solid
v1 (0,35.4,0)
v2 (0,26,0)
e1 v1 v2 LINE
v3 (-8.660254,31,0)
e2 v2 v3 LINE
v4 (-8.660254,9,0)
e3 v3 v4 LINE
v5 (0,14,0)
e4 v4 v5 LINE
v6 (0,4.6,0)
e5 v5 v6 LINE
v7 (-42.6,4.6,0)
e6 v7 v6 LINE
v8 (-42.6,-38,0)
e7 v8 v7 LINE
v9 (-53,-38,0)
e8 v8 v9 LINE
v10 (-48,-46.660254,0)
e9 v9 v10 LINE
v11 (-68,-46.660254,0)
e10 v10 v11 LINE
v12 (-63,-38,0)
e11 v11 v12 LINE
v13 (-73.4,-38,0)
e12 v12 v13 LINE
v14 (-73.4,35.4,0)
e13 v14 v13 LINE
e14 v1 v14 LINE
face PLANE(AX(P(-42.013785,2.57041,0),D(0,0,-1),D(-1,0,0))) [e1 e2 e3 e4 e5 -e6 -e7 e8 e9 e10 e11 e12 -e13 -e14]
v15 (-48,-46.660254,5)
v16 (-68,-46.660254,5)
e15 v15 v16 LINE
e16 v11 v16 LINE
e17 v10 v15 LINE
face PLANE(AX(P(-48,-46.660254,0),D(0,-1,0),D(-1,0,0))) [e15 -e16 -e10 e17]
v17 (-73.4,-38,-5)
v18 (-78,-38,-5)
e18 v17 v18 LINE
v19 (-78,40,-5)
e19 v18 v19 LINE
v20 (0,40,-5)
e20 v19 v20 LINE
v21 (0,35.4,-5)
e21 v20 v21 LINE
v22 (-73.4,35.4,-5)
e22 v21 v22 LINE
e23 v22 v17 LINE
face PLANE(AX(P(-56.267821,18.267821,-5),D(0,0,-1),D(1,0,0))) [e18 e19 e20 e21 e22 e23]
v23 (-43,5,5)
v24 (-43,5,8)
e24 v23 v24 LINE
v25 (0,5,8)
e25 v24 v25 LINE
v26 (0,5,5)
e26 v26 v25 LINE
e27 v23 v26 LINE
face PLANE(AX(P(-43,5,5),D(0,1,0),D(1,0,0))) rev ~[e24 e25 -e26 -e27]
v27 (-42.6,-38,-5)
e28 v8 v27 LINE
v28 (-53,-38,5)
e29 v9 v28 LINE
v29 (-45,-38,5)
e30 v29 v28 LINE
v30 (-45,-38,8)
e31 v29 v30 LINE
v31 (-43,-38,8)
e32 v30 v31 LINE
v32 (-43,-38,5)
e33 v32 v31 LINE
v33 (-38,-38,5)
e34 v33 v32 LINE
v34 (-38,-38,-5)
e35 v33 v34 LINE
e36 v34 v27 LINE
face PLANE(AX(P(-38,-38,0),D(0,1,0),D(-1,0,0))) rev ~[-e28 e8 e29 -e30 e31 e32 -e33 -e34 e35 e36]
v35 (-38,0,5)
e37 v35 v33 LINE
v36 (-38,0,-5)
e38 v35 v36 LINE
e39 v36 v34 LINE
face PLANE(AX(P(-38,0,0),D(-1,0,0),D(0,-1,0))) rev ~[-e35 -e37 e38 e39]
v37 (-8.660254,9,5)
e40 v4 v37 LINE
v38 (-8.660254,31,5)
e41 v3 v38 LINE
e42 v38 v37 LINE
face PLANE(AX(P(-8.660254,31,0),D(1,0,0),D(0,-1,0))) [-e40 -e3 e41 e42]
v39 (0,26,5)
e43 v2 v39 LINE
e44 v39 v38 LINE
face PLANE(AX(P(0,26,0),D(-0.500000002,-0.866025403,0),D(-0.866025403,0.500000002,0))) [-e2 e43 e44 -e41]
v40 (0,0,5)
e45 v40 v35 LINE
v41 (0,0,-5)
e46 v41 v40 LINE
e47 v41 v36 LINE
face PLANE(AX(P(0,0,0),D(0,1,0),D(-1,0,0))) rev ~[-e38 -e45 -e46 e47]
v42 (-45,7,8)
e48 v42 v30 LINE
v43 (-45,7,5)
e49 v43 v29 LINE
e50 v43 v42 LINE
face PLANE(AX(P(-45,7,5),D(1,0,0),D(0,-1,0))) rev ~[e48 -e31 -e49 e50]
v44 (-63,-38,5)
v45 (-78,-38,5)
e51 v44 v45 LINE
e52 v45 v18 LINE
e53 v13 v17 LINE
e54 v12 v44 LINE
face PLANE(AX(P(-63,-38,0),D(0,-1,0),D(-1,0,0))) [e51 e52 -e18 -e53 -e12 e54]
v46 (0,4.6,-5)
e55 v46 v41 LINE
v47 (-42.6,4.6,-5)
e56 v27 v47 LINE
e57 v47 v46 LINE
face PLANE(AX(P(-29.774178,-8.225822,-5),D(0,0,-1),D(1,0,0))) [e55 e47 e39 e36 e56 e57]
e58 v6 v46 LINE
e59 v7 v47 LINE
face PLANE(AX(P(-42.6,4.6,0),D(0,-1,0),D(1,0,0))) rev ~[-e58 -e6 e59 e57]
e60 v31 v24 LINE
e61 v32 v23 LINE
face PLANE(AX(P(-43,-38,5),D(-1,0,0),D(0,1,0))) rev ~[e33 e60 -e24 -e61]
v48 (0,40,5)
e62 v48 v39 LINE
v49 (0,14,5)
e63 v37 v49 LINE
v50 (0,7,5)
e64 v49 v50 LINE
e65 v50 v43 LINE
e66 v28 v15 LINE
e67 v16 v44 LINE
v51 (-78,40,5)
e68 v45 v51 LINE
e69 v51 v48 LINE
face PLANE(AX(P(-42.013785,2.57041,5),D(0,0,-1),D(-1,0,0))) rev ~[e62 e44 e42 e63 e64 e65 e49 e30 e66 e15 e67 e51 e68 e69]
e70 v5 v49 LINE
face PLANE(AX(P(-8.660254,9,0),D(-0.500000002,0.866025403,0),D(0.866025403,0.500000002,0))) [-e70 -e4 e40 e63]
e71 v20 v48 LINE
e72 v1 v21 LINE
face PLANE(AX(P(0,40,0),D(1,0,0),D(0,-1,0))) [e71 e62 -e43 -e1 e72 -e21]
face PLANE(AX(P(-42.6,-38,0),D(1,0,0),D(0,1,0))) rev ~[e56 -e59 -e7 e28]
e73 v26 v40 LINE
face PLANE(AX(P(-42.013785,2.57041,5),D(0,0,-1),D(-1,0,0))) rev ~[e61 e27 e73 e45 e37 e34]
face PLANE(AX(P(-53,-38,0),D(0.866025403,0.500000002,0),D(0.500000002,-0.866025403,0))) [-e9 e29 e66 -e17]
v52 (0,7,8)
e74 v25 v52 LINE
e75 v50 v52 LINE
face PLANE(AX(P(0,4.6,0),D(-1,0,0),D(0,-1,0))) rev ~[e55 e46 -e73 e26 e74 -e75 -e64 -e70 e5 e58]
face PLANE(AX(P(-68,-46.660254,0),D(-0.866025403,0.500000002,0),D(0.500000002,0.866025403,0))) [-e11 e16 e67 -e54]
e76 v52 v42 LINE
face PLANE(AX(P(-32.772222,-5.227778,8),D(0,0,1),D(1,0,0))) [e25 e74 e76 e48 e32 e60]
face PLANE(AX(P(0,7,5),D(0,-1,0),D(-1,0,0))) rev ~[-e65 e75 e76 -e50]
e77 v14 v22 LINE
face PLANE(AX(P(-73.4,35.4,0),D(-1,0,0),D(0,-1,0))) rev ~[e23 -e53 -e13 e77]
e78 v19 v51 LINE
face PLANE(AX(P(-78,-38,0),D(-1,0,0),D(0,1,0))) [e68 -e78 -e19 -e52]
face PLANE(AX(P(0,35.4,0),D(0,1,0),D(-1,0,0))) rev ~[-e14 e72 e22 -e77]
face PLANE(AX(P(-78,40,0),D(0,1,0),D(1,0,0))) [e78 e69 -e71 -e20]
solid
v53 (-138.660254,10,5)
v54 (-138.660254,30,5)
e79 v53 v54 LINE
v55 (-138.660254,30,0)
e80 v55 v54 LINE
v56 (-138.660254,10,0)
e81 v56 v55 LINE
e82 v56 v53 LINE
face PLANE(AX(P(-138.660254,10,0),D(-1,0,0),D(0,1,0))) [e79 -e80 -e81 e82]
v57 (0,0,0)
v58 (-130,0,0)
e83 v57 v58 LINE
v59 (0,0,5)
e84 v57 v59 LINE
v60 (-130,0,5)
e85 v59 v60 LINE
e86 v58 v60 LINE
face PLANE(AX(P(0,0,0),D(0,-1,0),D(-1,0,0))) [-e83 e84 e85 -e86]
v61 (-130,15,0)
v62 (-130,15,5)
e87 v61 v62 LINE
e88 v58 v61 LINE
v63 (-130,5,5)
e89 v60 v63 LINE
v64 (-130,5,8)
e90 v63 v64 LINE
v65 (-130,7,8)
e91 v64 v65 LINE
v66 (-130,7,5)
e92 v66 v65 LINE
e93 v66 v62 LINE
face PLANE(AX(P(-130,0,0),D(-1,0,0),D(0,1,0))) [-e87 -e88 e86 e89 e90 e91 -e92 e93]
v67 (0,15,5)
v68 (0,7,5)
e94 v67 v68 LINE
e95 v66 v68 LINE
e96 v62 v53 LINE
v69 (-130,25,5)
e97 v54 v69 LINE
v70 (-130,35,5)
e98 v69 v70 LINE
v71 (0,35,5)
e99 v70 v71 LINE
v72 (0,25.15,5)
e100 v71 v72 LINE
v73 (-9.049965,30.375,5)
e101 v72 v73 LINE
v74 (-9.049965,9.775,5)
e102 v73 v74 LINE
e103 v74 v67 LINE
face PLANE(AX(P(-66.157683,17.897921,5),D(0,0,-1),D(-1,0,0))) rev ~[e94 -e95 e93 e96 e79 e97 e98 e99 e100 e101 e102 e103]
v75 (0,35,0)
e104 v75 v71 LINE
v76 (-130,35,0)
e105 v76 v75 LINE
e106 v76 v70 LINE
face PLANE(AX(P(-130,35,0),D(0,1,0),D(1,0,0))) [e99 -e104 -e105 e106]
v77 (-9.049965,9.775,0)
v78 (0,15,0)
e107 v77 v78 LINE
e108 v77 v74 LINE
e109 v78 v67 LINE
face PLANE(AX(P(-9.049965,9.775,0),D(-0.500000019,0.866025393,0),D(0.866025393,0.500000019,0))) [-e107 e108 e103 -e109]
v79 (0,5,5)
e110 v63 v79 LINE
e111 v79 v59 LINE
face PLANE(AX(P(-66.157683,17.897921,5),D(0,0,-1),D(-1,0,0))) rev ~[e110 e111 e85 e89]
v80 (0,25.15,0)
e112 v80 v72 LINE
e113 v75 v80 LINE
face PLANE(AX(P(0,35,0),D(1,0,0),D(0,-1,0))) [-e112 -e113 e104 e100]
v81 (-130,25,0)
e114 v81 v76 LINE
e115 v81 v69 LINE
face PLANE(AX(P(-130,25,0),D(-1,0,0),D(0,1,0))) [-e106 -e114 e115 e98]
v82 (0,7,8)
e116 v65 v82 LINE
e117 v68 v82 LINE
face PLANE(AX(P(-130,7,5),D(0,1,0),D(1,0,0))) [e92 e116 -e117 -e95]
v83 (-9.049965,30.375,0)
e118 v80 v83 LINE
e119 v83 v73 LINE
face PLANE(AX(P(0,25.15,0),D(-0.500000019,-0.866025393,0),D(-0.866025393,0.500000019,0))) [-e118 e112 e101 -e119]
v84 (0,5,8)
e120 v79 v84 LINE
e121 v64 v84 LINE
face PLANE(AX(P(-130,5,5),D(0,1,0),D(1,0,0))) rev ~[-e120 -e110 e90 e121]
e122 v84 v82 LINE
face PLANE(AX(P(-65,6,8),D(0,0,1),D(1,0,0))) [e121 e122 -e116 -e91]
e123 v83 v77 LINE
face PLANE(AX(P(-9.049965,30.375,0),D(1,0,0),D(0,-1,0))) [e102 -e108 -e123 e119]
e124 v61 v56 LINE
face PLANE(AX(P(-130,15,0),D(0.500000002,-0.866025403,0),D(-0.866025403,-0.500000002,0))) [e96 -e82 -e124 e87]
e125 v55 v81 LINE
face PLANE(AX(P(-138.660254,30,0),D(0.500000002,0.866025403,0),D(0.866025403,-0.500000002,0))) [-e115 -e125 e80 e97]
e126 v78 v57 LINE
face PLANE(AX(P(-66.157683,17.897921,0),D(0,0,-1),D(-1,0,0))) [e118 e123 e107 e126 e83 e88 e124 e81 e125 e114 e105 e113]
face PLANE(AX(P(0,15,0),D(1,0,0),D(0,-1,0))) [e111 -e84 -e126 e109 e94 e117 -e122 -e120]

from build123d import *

# Parameters (mm, degrees)
PAD_DEPTH    = 5
PAD001_DEPTH = 3
PAD002_DEPTH = 5
PAD003_DEPTH = 5
SKETCH004_W  = 130
SKETCH004_H  = 2
PAD004_DEPTH = 3


with BuildPart() as body:
    # Sketch → Pad (new body)
    with BuildSketch(Plane.XY):
        Polygon((0, 40), (0, 26), (-8.660254, 31), (-8.660254, 9), (0, 14), (0, 0), (-38, 0), (-38, -38), (-53, -38), (-48, -46.660254), (-68, -46.660254), (-63, -38), (-78, -38), (-78, 40), align=None)
    extrude(amount=PAD_DEPTH)

    # Sketch001 (on Face16 of Pad) → Pad001 (join)
    with BuildSketch(Plane.XY.offset(5)):
        Polygon((0, 7), (-45, 7), (-45, -38), (-43, -38), (-43, 5), (0, 5), align=None)
    extrude(amount=PAD001_DEPTH)

    # Sketch002 (on Face4 of Pad001) → Pad002 (join)
    with BuildSketch(Plane(origin=(0, 0, 0), x_dir=(1, 0, 0), z_dir=(0, 0, -1))):
        Polygon((0, 0), (-38, 0), (-38, 38), (-42.6, 38), (-42.6, -4.6), (0, -4.6), align=None)
        Polygon((0, -40), (0, -35.4), (-73.4, -35.4), (-73.4, 38), (-78, 38), (-78, -40), align=None)
    extrude(amount=PAD002_DEPTH)


with BuildPart() as body001:
    # Sketch003 → Pad003 (new body)
    with BuildSketch(Plane.XY):
        Polygon((0, 0), (-130, 0), (-130, 15), (-138.660254, 10), (-138.660254, 30), (-130, 25), (-130, 35), (0, 35), (0, 25.15), (-9.049965, 30.375), (-9.049965, 9.775), (0, 15), align=None)
    extrude(amount=PAD003_DEPTH)

    # Sketch004 (on Face14 of Pad003) → Pad004 (join)
    with BuildSketch(Plane.XY.offset(5)):
        with Locations((-65, 6)):
            Rectangle(SKETCH004_W, SKETCH004_H)
    extrude(amount=PAD004_DEPTH)


solid = Compound([body.part, body001.part])
